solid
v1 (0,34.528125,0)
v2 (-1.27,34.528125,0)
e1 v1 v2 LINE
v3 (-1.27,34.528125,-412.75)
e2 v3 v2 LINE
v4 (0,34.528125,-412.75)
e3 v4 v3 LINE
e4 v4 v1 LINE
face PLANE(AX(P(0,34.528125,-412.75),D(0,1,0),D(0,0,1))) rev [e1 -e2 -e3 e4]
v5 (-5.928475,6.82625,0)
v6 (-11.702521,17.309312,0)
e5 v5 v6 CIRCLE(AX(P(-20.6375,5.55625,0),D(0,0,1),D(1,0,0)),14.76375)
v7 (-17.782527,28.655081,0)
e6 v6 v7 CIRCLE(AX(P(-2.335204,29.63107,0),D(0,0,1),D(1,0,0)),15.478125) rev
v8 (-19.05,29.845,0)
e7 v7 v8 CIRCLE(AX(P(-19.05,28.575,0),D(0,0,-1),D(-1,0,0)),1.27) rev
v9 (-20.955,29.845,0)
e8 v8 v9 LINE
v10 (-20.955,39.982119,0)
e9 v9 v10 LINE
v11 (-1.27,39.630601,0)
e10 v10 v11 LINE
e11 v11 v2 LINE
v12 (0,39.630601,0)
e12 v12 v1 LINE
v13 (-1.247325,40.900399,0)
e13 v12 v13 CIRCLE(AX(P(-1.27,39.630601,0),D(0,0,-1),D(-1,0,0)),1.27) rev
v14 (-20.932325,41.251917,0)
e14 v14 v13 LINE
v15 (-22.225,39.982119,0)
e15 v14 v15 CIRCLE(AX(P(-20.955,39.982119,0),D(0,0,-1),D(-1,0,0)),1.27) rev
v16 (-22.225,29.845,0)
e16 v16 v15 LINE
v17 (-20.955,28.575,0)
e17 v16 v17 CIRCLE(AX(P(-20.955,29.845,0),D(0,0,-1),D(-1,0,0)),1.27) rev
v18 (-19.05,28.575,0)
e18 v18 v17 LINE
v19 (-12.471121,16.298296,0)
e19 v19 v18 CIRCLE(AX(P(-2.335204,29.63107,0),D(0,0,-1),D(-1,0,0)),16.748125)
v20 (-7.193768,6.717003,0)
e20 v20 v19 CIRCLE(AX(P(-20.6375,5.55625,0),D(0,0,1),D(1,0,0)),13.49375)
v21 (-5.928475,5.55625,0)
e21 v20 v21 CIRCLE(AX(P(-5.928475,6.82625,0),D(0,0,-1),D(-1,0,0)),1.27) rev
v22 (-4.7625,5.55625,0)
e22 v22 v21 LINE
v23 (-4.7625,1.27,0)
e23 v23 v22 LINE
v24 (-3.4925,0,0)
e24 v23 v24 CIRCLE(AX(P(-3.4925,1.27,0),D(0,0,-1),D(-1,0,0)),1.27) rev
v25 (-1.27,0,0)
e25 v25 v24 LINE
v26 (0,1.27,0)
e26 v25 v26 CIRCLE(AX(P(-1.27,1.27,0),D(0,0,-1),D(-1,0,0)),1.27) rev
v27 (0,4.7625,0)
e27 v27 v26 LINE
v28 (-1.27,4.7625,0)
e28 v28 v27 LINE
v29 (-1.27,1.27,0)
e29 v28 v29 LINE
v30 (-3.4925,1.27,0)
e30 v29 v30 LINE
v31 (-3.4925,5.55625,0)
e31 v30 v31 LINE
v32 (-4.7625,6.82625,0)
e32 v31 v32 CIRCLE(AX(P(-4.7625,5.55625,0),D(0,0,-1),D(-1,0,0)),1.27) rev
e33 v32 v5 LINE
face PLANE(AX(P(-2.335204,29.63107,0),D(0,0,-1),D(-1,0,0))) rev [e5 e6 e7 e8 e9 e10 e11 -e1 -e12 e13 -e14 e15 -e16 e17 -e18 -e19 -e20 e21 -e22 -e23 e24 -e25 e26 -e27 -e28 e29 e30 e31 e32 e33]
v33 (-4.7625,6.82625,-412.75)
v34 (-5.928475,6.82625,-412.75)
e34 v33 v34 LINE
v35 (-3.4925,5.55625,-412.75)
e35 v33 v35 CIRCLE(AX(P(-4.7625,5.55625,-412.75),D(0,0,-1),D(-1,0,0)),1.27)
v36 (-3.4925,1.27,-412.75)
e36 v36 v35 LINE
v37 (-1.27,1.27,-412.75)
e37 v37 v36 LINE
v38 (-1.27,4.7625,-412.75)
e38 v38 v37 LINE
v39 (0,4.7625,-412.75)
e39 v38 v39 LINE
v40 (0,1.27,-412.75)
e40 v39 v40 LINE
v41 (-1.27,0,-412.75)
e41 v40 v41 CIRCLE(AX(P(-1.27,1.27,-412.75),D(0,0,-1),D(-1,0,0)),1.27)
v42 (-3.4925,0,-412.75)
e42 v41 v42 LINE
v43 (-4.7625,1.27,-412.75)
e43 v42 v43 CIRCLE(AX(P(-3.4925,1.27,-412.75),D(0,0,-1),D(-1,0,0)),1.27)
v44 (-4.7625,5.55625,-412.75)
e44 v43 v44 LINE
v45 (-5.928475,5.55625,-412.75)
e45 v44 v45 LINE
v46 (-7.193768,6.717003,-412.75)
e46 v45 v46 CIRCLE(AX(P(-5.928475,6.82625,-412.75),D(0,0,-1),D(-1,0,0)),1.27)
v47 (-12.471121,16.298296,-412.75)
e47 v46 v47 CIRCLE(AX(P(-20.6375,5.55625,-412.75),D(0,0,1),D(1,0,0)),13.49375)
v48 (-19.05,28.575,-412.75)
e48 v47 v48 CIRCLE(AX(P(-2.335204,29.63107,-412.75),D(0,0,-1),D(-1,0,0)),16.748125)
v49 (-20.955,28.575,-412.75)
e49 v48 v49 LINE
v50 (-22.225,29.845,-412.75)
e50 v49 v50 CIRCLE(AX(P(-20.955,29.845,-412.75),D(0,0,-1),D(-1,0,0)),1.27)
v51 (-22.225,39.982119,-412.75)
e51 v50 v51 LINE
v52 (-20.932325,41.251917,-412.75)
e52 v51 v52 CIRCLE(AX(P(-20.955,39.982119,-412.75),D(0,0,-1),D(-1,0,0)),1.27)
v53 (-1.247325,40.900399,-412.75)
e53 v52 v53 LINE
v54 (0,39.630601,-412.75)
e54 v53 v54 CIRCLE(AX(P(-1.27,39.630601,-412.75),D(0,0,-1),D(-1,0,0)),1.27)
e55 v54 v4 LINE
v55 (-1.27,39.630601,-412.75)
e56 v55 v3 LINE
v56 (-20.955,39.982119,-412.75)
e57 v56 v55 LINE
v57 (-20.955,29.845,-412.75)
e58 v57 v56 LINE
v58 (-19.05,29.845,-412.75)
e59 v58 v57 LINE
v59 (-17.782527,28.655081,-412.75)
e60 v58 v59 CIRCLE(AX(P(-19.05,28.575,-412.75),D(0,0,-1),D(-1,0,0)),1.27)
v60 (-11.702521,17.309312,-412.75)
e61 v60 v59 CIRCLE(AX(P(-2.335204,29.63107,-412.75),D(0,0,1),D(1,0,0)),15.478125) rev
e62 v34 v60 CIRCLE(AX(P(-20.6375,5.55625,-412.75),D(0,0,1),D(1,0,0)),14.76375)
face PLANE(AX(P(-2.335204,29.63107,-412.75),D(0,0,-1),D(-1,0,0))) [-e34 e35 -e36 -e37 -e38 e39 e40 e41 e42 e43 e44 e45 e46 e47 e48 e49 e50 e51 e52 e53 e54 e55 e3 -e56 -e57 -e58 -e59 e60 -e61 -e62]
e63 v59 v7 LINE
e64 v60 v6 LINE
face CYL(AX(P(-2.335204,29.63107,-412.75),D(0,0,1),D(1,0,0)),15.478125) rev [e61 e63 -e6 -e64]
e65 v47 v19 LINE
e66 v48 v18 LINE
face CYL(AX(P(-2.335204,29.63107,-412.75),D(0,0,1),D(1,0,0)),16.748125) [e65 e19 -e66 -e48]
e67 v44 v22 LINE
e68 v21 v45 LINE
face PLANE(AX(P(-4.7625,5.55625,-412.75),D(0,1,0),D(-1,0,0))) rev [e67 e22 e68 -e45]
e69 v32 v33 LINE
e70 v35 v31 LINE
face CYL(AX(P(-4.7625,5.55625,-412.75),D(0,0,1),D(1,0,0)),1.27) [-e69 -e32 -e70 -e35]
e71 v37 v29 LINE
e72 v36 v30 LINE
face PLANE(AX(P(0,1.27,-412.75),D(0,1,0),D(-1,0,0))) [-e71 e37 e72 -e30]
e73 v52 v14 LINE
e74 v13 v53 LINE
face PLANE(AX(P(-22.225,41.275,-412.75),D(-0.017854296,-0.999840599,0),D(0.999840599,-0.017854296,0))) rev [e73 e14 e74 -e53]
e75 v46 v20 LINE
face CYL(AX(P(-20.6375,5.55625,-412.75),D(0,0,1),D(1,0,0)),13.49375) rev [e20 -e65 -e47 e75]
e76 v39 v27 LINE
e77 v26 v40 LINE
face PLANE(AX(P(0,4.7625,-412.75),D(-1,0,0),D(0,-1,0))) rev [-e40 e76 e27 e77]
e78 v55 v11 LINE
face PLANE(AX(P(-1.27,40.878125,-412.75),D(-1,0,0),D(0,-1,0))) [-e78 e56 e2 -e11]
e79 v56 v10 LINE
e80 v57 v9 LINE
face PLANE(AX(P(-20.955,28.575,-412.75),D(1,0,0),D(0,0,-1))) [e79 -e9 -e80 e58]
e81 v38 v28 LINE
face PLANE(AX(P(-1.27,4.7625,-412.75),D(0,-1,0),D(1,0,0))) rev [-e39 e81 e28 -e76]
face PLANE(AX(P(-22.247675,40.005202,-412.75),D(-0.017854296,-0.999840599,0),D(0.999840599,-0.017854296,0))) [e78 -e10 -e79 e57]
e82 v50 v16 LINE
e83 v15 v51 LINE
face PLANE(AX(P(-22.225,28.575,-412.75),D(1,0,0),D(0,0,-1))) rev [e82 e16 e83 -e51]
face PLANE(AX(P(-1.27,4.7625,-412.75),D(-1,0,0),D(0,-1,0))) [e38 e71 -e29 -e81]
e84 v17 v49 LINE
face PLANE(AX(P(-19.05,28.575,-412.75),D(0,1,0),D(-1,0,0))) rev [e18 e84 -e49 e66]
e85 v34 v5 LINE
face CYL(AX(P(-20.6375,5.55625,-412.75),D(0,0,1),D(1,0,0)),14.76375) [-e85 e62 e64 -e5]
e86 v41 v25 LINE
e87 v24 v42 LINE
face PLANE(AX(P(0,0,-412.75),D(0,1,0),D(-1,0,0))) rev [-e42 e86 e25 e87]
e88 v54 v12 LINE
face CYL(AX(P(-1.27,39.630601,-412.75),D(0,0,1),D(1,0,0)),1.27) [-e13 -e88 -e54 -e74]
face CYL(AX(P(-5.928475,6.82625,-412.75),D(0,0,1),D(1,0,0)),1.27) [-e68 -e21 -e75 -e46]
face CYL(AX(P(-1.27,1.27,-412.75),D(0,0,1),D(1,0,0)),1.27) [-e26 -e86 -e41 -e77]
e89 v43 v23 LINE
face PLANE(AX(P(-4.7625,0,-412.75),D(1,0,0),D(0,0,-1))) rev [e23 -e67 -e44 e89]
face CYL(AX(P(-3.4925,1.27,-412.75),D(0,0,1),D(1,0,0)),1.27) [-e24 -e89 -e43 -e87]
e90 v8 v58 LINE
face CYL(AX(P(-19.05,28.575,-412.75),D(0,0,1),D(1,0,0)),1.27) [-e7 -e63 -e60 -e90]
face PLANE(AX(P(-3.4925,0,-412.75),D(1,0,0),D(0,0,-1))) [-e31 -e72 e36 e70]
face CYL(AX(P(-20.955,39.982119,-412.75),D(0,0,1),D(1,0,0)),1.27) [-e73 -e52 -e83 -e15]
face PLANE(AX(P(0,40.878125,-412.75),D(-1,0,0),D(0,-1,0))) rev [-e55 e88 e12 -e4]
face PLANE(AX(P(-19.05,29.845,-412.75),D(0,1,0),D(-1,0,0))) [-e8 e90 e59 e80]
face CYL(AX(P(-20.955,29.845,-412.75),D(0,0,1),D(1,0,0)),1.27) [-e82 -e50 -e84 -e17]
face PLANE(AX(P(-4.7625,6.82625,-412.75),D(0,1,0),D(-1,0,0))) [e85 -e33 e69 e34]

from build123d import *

# Parameters (mm, degrees)
EXTRUDE_THIN1_DEPTH = 412.75
FILLET1_R           = 1.27


with BuildPart() as part:
    # Sketch1 → Extrude-Thin1 (new body)
    with BuildSketch(Plane.XY):
        with BuildLine():
            Line((0, 4.7625), (0, 0))
            Line((0, 0), (-4.7625, 0))
            Line((-4.7625, 0), (-4.7625, 5.55625))
            Line((-4.7625, 5.55625), (-7.14375, 5.55625))
            ThreePointArc((-7.14375, 5.55625), (-8.548737384, 11.551507081), (-12.471121185, 16.298295714))
            ThreePointArc((-12.471121185, 16.298295714), (-17.097302988, 21.720310148), (-19.05, 28.575))
            Line((-19.05, 28.575), (-22.225, 28.575))
            Line((-22.225, 28.575), (-22.225, 41.275))
            Line((-22.225, 41.275), (0, 40.878125))
            Line((0, 40.878125), (0, 34.528125))
            Line((0, 34.528125), (-1.27, 34.528125))
            Line((-1.27, 34.528125), (-1.27, 39.6306011))
            Line((-1.27, 39.6306011), (-20.955, 39.982118957))
            Line((-20.955, 39.982118957), (-20.955, 29.845))
            Line((-20.955, 29.845), (-17.811850471, 29.845))
            ThreePointArc((-17.811850471, 29.845), (-16.248920172, 22.850151694), (-11.702520826, 17.309311781))
            ThreePointArc((-11.702520826, 17.309311781), (-7.705625486, 12.679096033), (-5.928475081, 6.82625))
            Line((-5.928475081, 6.82625), (-3.4925, 6.82625))
            Line((-3.4925, 6.82625), (-3.4925, 1.27))
            Line((-3.4925, 1.27), (-1.27, 1.27))
            Line((-1.27, 1.27), (-1.27, 4.7625))
            Line((-1.27, 4.7625), (0, 4.7625))
        make_face()
    extrude(amount=-EXTRUDE_THIN1_DEPTH)

    # Fillet1
    fillet1_edges = [part.edges().sort_by_distance(p)[0] for p in [
        (-17.811850471, 29.845, -206.375),
        (-3.4925, 6.82625, -206.375),
        (0, 0, -206.375),
        (-4.7625, 0, -206.375),
        (-7.14375, 5.55625, -206.375),
        (-22.225, 28.575, -206.375),
        (-22.225, 41.275, -206.375),
        (0, 40.878125, -206.375),
    ]]
    fillet(fillet1_edges, radius=FILLET1_R)


solid = part.part
